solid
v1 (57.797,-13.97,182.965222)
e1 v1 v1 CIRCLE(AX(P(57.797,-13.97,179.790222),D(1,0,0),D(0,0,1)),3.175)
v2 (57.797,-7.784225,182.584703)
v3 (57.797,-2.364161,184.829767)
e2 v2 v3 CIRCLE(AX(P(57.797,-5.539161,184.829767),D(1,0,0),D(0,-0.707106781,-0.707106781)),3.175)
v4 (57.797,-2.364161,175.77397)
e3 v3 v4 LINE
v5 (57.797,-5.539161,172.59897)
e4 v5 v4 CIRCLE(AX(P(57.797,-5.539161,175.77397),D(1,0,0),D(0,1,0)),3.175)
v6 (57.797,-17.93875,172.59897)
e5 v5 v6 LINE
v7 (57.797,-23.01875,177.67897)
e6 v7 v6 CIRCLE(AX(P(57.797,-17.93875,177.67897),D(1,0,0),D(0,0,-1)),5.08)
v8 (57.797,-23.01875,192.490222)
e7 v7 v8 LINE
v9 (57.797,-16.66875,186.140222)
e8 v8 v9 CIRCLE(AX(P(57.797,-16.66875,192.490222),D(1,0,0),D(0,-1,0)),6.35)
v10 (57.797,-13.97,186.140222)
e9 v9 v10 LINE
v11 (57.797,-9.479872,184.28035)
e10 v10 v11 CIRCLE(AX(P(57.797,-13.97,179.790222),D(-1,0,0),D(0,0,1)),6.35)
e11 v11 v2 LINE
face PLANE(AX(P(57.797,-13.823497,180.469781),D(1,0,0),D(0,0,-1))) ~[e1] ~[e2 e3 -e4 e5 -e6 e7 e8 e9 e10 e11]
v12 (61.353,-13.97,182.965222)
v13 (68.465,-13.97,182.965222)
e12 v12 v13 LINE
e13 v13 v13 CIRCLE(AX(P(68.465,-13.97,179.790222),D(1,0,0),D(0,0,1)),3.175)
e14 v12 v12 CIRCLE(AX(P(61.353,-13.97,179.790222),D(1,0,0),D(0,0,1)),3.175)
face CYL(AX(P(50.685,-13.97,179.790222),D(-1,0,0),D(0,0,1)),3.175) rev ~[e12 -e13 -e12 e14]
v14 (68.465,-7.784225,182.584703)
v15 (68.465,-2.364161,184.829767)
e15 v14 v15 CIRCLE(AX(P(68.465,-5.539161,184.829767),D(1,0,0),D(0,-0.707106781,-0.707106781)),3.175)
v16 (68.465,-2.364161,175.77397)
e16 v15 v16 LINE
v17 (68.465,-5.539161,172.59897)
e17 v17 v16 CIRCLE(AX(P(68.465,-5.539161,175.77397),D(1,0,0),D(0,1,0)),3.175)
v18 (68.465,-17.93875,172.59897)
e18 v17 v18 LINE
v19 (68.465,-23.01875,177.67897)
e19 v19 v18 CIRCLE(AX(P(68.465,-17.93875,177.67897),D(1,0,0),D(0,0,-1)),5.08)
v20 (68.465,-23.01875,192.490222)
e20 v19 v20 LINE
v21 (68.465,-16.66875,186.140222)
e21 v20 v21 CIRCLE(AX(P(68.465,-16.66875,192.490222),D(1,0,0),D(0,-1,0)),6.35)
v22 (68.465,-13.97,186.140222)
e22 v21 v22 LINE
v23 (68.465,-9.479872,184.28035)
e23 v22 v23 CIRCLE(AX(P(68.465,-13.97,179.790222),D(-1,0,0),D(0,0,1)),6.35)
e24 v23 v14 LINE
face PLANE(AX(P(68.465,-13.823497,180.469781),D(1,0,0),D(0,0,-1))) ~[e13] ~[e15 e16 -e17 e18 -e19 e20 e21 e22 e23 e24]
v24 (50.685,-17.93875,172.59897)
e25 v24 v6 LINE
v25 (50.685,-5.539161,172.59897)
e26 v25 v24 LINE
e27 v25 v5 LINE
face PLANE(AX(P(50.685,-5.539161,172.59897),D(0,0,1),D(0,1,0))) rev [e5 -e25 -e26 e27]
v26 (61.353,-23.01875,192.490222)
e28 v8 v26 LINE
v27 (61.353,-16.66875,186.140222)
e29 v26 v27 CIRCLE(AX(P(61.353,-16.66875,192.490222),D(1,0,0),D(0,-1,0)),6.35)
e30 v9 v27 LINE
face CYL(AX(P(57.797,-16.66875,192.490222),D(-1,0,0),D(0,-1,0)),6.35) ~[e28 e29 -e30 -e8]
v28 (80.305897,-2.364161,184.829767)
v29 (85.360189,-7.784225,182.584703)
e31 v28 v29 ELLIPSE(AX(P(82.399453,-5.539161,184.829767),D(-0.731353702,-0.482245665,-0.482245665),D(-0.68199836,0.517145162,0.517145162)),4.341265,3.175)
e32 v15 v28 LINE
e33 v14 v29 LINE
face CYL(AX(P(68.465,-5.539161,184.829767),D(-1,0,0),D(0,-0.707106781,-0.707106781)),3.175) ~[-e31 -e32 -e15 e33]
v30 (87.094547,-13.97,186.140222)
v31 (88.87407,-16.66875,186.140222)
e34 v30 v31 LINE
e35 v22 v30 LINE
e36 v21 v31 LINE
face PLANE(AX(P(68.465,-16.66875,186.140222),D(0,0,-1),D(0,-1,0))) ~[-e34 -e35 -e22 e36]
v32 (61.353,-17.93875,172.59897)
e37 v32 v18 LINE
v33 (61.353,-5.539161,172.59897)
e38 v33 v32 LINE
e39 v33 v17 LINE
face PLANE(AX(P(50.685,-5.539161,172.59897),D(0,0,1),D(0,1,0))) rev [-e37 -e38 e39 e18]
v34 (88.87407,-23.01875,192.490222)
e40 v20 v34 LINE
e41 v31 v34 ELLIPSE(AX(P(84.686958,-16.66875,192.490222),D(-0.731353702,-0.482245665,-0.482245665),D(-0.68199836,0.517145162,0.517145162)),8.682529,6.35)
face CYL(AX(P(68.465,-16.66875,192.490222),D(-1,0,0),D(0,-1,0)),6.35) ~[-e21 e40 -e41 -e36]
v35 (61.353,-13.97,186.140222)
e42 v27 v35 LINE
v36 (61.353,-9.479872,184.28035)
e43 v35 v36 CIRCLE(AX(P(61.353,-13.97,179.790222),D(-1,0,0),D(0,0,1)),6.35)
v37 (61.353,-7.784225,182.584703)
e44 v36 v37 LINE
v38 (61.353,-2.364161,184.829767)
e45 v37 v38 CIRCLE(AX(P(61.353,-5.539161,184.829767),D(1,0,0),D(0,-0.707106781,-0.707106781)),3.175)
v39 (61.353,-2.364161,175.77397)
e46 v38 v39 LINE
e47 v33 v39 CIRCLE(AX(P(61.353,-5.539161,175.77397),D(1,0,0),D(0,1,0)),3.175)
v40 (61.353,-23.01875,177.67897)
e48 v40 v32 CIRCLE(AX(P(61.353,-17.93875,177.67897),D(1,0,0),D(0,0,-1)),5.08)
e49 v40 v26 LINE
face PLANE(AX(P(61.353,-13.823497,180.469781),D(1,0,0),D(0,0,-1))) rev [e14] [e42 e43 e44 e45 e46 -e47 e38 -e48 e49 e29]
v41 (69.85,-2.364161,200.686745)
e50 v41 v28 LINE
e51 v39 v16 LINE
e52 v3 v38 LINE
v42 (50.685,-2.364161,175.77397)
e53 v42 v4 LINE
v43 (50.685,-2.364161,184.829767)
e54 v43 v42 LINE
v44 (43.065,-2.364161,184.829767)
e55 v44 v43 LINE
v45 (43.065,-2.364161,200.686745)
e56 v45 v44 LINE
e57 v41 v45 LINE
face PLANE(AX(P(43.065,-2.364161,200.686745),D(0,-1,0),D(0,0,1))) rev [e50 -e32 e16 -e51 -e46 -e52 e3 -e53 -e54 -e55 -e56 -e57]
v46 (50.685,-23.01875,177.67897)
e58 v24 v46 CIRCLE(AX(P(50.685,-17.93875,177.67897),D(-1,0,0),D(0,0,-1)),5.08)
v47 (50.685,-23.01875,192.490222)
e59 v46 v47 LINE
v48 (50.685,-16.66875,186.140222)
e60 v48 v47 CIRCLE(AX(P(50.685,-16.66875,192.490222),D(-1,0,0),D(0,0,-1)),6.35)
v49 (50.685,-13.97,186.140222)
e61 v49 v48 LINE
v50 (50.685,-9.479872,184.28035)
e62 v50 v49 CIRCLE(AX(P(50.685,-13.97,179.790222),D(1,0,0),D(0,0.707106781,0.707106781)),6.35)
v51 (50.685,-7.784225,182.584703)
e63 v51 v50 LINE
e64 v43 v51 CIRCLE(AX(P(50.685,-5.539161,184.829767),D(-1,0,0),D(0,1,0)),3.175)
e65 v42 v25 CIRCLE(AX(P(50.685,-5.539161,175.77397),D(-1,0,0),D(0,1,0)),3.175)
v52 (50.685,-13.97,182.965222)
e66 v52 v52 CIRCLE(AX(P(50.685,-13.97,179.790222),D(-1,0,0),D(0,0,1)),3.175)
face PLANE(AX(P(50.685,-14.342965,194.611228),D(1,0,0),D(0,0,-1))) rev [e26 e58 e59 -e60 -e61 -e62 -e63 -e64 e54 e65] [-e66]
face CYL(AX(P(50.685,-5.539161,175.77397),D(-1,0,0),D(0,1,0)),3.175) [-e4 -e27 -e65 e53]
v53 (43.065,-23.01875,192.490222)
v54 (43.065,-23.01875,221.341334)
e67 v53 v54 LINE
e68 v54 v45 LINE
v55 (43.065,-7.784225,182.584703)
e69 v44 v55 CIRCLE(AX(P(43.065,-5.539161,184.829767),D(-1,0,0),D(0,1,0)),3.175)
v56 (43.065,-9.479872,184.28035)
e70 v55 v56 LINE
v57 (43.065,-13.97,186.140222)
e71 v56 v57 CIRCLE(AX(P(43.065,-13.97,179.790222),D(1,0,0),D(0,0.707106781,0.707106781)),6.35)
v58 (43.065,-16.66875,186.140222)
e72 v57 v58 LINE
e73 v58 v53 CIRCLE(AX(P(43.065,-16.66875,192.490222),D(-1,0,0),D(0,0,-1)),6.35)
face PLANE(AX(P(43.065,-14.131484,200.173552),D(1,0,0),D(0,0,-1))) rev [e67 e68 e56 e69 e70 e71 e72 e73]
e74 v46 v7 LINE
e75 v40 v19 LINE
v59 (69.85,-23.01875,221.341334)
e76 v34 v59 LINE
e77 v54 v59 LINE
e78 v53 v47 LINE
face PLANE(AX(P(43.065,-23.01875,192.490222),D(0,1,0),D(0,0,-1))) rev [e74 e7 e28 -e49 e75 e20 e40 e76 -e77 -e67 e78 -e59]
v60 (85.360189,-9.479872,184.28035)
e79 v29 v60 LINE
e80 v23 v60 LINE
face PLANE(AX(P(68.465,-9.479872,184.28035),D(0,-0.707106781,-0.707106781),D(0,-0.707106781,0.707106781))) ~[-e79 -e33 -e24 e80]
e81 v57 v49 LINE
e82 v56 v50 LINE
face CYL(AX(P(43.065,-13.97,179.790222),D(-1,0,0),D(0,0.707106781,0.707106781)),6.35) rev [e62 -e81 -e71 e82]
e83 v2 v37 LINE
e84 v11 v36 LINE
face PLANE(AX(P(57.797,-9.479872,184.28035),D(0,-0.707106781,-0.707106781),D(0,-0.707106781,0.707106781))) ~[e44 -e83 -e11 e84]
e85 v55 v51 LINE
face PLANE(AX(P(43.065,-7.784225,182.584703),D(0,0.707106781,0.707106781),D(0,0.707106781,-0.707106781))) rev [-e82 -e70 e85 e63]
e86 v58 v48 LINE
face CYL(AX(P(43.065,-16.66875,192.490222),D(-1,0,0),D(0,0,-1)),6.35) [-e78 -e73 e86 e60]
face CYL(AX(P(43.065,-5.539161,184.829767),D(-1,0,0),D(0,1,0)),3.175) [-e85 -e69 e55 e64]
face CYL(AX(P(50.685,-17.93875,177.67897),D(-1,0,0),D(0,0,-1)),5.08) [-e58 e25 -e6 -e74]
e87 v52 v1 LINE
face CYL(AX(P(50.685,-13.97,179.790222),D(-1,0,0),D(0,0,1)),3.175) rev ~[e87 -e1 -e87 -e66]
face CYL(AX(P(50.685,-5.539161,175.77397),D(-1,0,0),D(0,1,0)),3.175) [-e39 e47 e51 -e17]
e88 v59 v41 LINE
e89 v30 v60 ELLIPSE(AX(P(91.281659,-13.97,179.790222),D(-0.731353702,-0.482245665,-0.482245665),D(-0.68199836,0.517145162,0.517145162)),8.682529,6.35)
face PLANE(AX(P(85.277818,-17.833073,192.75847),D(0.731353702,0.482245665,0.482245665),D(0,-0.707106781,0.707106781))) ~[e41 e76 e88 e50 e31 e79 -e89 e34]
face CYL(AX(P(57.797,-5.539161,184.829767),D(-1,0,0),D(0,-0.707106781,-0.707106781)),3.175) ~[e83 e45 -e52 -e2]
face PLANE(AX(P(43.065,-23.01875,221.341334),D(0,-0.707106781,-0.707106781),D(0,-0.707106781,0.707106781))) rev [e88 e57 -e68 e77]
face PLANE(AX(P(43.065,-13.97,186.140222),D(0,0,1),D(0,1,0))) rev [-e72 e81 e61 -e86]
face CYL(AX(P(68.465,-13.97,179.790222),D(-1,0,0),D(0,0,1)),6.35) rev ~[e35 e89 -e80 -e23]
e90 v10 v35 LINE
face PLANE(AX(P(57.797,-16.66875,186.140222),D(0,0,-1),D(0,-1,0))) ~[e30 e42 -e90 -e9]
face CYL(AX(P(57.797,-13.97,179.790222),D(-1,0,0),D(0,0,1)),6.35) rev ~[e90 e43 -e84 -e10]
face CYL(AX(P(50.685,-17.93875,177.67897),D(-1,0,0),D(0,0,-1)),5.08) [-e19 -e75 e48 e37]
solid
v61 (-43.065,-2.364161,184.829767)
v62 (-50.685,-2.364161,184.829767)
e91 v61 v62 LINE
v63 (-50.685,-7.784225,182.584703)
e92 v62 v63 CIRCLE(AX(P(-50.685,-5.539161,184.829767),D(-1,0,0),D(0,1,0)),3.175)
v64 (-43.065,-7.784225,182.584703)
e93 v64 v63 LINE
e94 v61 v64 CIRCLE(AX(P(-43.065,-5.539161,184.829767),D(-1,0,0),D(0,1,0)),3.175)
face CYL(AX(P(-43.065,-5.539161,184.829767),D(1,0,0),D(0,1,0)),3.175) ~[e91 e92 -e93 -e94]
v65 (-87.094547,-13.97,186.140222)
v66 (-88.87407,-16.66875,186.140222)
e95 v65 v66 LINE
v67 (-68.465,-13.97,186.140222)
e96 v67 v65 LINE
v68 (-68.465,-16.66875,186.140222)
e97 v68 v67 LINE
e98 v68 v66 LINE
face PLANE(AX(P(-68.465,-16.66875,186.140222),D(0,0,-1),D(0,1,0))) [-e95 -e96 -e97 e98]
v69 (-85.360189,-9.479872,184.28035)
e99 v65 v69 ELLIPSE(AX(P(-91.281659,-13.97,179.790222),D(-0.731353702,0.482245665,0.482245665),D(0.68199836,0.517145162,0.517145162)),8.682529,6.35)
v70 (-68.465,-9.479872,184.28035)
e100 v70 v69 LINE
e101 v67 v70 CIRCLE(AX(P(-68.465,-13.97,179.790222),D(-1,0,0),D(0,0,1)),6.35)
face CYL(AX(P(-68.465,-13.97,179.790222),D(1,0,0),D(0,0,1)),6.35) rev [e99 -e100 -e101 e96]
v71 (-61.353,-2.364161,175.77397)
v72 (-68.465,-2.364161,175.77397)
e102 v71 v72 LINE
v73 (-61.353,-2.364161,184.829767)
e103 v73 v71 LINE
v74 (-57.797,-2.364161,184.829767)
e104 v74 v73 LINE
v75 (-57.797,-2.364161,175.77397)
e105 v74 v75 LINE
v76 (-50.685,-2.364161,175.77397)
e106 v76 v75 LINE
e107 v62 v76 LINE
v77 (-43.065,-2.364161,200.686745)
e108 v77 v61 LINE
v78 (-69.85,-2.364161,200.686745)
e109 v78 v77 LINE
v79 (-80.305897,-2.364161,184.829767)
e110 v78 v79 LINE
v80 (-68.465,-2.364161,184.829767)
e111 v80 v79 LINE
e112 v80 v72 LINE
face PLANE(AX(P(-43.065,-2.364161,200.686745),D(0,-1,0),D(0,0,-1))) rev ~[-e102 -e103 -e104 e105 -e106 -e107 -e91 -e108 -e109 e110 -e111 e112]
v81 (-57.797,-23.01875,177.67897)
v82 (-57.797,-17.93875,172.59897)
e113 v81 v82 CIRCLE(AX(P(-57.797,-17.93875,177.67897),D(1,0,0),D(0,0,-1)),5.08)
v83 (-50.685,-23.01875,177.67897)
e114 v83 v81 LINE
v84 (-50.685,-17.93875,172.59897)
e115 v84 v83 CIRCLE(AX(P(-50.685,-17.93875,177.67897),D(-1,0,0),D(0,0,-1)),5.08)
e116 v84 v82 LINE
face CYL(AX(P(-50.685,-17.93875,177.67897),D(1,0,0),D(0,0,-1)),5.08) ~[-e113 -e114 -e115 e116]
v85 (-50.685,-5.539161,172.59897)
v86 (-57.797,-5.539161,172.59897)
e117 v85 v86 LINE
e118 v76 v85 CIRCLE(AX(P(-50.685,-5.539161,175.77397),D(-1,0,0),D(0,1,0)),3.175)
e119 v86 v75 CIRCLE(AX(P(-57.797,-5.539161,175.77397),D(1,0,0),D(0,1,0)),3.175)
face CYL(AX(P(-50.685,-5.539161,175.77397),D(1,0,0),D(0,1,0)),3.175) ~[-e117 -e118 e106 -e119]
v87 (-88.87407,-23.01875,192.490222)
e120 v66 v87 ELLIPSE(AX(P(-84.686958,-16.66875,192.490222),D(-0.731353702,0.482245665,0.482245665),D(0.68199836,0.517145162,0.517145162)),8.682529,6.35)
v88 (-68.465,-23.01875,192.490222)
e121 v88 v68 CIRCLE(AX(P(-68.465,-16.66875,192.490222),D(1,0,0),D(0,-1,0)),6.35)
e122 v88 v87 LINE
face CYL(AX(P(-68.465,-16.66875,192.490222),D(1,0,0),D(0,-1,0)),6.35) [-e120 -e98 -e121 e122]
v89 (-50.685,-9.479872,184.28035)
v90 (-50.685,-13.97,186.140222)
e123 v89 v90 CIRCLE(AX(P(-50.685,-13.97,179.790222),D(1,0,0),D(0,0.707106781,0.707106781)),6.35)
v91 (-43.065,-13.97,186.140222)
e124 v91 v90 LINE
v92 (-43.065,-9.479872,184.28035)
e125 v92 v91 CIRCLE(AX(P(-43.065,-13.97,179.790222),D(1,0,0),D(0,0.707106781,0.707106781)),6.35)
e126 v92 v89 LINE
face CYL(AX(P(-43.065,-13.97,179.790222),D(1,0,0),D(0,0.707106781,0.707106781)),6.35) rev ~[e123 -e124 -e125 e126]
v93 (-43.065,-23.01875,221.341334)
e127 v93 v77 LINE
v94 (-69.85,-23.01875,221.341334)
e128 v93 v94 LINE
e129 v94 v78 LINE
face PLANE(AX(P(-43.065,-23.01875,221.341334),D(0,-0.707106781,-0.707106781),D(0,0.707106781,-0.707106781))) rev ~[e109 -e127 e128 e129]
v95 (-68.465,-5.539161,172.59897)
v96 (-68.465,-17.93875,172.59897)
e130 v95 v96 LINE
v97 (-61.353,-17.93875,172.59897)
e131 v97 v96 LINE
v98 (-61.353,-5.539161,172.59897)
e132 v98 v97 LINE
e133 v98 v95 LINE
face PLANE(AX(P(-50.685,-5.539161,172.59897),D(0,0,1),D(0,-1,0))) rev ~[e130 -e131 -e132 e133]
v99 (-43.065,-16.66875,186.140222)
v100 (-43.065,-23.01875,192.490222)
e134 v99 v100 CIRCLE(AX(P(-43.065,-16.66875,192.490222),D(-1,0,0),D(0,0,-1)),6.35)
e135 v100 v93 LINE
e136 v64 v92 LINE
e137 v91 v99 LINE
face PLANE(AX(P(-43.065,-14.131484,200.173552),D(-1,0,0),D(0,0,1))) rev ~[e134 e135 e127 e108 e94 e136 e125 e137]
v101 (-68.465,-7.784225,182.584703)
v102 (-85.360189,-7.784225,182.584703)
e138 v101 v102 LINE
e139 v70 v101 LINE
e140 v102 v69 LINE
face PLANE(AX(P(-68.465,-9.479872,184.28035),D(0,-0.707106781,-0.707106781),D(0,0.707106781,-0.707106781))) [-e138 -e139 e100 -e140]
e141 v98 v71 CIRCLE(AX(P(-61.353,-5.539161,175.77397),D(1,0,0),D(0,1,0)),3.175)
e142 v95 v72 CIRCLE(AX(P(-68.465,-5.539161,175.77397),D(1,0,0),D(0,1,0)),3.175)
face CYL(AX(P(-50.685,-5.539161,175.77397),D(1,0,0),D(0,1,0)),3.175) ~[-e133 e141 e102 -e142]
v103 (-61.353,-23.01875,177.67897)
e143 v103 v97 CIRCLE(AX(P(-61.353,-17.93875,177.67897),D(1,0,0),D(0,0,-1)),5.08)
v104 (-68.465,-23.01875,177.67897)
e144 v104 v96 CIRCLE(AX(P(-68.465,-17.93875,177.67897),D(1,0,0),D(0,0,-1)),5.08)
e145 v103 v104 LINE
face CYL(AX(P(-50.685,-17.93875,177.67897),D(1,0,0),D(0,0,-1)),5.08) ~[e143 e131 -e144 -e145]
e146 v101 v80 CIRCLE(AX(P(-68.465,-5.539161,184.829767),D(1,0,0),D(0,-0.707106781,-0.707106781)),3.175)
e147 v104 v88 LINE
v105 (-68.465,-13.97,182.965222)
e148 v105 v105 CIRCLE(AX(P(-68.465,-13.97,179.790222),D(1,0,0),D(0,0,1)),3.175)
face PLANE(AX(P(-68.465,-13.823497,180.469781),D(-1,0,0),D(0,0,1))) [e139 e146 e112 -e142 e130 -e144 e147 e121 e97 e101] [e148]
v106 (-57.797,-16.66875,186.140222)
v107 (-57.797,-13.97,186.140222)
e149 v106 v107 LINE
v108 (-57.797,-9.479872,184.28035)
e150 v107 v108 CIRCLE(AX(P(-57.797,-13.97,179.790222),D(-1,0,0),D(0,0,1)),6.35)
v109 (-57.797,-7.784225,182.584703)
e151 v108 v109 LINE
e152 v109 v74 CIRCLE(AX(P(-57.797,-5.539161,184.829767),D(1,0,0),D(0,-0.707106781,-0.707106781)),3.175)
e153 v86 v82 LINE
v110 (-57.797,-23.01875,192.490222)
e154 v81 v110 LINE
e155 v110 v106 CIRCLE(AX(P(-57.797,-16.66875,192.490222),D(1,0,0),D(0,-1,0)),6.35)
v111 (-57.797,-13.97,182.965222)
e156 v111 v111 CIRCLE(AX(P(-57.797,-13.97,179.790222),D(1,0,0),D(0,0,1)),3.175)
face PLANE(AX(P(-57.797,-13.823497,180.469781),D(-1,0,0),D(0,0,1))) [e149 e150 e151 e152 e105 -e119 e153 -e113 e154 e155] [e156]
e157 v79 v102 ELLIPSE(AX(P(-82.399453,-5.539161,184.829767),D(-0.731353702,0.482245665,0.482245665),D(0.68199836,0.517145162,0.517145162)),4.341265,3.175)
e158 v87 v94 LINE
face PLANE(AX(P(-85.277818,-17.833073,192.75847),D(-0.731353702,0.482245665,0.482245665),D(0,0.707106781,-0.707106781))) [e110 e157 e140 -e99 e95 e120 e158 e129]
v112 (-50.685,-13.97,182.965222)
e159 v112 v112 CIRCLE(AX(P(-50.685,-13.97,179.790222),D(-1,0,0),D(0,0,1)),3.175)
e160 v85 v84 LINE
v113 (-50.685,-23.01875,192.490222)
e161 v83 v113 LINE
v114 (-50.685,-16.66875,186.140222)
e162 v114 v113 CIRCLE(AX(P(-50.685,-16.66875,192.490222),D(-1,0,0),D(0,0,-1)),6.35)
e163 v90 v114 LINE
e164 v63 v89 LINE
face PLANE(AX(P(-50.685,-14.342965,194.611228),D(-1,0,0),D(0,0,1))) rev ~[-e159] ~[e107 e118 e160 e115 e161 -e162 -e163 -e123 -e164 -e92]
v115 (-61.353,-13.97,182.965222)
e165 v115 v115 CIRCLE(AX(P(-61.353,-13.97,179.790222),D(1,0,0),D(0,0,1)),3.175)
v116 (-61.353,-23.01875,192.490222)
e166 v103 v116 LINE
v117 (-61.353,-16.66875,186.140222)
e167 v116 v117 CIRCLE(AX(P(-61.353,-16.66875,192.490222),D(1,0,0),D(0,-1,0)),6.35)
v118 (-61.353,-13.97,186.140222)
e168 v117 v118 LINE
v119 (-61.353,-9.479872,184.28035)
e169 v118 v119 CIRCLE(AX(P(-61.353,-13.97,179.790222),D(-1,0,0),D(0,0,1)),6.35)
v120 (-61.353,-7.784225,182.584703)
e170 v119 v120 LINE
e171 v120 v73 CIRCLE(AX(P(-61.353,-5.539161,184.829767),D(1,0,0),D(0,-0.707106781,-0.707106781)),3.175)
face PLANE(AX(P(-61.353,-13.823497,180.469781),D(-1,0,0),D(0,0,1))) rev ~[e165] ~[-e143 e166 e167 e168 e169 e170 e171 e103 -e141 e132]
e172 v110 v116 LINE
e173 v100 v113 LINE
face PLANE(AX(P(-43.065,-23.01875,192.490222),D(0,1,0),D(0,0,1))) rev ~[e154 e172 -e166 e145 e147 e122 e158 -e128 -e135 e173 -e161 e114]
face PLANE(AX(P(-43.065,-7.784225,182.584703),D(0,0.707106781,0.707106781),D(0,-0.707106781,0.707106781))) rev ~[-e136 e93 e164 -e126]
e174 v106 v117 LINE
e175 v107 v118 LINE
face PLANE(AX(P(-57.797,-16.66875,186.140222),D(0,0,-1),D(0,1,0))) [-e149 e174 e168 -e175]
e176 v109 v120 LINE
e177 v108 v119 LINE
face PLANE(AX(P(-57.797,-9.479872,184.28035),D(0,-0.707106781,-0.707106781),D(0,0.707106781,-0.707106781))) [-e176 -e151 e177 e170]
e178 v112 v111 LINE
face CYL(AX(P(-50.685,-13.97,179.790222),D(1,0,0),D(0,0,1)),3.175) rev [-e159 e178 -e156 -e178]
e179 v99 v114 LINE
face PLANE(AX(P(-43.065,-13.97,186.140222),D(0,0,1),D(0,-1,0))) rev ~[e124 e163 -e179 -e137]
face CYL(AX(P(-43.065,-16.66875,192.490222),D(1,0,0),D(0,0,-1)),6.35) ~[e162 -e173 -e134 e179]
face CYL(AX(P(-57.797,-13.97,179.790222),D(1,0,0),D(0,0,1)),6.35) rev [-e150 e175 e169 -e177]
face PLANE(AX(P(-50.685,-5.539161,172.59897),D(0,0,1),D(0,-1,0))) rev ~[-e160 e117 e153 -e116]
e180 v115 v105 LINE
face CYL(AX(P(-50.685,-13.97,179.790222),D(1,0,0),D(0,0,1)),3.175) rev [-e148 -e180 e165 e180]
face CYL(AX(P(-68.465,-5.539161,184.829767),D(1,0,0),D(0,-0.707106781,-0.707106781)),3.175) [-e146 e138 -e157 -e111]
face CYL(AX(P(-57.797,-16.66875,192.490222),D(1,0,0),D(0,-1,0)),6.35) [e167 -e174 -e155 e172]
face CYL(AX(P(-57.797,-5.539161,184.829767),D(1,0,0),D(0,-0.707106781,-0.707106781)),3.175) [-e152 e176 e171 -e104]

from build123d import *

# Parameters (mm, degrees)
SKETCH1_R           = 3.175
BOSS_EXTRUDE1_DEPTH = 50.8
SKETCH3_W           = 47.755928299
SKETCH3_H           = 45.242977947
CUT_EXTRUDE1_DEPTH  = 187.213946056
CUT_EXTRUDE2_START  = -7.112
CUT_EXTRUDE2_DEPTH  = 3.556
CUT_EXTRUDE3_START  = -17.78
CUT_EXTRUDE3_DEPTH  = 211.159843601
BOSS_EXTRUDE2_START = 7.62
BOSS_EXTRUDE2_DEPTH = 7.62


with BuildPart() as part:
    # Sketch1 → Boss-Extrude1 (new body)
    with BuildSketch(Plane.ZY.offset(50.684999952)):
        with BuildLine():
            Line((221.341334172, -23.01875), (200.686745093, -2.364160922))
            Line((200.686745093, -2.364160922), (175.773969826, -2.364160922))
            ThreePointArc((175.773969826, -2.364160922), (173.528905796, -3.294096891), (172.598969826, -5.539160922))
            Line((172.598969826, -5.539160922), (172.598969826, -17.93875))
            ThreePointArc((172.598969826, -17.93875), (174.086867378, -21.530852448), (177.678969826, -23.01875))
            Line((177.678969826, -23.01875), (221.341334172, -23.01875))
        make_face()
        with Locations((179.790221791, -13.97)):
            Circle(SKETCH1_R, mode=Mode.SUBTRACT)
    extrude(amount=BOSS_EXTRUDE1_DEPTH)

    # Sketch3 → Cut-Extrude1 (cut, through all)
    with BuildSketch(Plane(origin=(-107.308063907, 70.757621847, 70.757621847), x_dir=(0, 0.7071067811865436, -0.7071067811865516), z_dir=(-0.7313537016191718, 0.4822456651582992, 0.4822456651582937))):
        with Locations((-148.910708419, -32.302490469)):
            Rectangle(SKETCH3_W, SKETCH3_H)
    extrude(amount=CUT_EXTRUDE1_DEPTH, mode=Mode.SUBTRACT)

    # Sketch4 → Cut-Extrude2 (cut)
    with BuildSketch(Plane(origin=(-50.684999952, 0, 0), x_dir=(0, 0, -1), z_dir=(1, 0, 0)).offset(CUT_EXTRUDE2_START)):
        with BuildLine():
            Line((-184.280349852, -9.479871939), (-182.584702864, -7.784224952))
            ThreePointArc((-182.584702864, -7.784224952), (-181.896449379, -4.324141024), (-184.829766894, -2.364160922))
            Line((-184.829766894, -2.364160922), (-172.598969826, -2.364160922))
            Line((-172.598969826, -2.364160922), (-172.598969826, -23.01875))
            Line((-172.598969826, -23.01875), (-192.490221791, -23.01875))
            ThreePointArc((-192.490221791, -23.01875), (-188.000093731, -21.158878061), (-186.140221791, -16.66875))
            Line((-186.140221791, -16.66875), (-186.140221791, -13.97))
            ThreePointArc((-186.140221791, -13.97), (-185.656856823, -11.539960204), (-184.280349852, -9.479871939))
        make_face()
    extrude(amount=-CUT_EXTRUDE2_DEPTH, mode=Mode.SUBTRACT)

    # Sketch4<2> → Cut-Extrude3 (cut, through all)
    with BuildSketch(Plane(origin=(-50.684999952, 0, 0), x_dir=(0, 0, -1), z_dir=(1, 0, 0)).offset(CUT_EXTRUDE3_START)):
        with BuildLine():
            Line((-184.280349852, -9.479871939), (-182.584702864, -7.784224952))
            ThreePointArc((-182.584702864, -7.784224952), (-181.896449379, -4.324141024), (-184.829766894, -2.364160922))
            Line((-184.829766894, -2.364160922), (-172.598969826, -2.364160922))
            Line((-172.598969826, -2.364160922), (-172.598969826, -23.01875))
            Line((-172.598969826, -23.01875), (-192.490221791, -23.01875))
            ThreePointArc((-192.490221791, -23.01875), (-188.000093731, -21.158878061), (-186.140221791, -16.66875))
            Line((-186.140221791, -16.66875), (-186.140221791, -13.97))
            ThreePointArc((-186.140221791, -13.97), (-185.656856823, -11.539960204), (-184.280349852, -9.479871939))
        make_face()
    extrude(amount=-CUT_EXTRUDE3_DEPTH, mode=Mode.SUBTRACT)

    # Sketch5 → Boss-Extrude2 (add)
    with BuildSketch(Plane(origin=(-50.684999952, 0, 0), x_dir=(0, 0, -1), z_dir=(1, 0, 0)).offset(BOSS_EXTRUDE2_START)):
        with BuildLine():
            Line((-182.584702864, -7.784224952), (-184.280349852, -9.479871939))
            ThreePointArc((-184.280349852, -9.479871939), (-185.656856823, -11.539960204), (-186.140221791, -13.97))
            Line((-186.140221791, -13.97), (-186.140221791, -16.66875))
            ThreePointArc((-186.140221791, -16.66875), (-188.000093731, -21.158878061), (-192.490221791, -23.01875))
            Line((-192.490221791, -23.01875), (-221.341334172, -23.01875))
            Line((-221.341334172, -23.01875), (-200.686745093, -2.364160922))
            Line((-200.686745093, -2.364160922), (-184.829766894, -2.364160922))
            ThreePointArc((-184.829766894, -2.364160922), (-181.896449379, -4.324141024), (-182.584702864, -7.784224952))
        make_face()
    extrude(amount=-BOSS_EXTRUDE2_DEPTH)


with BuildPart() as body_2:
    # Mirror2: mirrored copy
    add(part.part.mirror(Plane(origin=(0, 0, 0), x_dir=(0, 0, 1), z_dir=(1, 0, 0))))


solid = Compound([part.part, body_2.part])
